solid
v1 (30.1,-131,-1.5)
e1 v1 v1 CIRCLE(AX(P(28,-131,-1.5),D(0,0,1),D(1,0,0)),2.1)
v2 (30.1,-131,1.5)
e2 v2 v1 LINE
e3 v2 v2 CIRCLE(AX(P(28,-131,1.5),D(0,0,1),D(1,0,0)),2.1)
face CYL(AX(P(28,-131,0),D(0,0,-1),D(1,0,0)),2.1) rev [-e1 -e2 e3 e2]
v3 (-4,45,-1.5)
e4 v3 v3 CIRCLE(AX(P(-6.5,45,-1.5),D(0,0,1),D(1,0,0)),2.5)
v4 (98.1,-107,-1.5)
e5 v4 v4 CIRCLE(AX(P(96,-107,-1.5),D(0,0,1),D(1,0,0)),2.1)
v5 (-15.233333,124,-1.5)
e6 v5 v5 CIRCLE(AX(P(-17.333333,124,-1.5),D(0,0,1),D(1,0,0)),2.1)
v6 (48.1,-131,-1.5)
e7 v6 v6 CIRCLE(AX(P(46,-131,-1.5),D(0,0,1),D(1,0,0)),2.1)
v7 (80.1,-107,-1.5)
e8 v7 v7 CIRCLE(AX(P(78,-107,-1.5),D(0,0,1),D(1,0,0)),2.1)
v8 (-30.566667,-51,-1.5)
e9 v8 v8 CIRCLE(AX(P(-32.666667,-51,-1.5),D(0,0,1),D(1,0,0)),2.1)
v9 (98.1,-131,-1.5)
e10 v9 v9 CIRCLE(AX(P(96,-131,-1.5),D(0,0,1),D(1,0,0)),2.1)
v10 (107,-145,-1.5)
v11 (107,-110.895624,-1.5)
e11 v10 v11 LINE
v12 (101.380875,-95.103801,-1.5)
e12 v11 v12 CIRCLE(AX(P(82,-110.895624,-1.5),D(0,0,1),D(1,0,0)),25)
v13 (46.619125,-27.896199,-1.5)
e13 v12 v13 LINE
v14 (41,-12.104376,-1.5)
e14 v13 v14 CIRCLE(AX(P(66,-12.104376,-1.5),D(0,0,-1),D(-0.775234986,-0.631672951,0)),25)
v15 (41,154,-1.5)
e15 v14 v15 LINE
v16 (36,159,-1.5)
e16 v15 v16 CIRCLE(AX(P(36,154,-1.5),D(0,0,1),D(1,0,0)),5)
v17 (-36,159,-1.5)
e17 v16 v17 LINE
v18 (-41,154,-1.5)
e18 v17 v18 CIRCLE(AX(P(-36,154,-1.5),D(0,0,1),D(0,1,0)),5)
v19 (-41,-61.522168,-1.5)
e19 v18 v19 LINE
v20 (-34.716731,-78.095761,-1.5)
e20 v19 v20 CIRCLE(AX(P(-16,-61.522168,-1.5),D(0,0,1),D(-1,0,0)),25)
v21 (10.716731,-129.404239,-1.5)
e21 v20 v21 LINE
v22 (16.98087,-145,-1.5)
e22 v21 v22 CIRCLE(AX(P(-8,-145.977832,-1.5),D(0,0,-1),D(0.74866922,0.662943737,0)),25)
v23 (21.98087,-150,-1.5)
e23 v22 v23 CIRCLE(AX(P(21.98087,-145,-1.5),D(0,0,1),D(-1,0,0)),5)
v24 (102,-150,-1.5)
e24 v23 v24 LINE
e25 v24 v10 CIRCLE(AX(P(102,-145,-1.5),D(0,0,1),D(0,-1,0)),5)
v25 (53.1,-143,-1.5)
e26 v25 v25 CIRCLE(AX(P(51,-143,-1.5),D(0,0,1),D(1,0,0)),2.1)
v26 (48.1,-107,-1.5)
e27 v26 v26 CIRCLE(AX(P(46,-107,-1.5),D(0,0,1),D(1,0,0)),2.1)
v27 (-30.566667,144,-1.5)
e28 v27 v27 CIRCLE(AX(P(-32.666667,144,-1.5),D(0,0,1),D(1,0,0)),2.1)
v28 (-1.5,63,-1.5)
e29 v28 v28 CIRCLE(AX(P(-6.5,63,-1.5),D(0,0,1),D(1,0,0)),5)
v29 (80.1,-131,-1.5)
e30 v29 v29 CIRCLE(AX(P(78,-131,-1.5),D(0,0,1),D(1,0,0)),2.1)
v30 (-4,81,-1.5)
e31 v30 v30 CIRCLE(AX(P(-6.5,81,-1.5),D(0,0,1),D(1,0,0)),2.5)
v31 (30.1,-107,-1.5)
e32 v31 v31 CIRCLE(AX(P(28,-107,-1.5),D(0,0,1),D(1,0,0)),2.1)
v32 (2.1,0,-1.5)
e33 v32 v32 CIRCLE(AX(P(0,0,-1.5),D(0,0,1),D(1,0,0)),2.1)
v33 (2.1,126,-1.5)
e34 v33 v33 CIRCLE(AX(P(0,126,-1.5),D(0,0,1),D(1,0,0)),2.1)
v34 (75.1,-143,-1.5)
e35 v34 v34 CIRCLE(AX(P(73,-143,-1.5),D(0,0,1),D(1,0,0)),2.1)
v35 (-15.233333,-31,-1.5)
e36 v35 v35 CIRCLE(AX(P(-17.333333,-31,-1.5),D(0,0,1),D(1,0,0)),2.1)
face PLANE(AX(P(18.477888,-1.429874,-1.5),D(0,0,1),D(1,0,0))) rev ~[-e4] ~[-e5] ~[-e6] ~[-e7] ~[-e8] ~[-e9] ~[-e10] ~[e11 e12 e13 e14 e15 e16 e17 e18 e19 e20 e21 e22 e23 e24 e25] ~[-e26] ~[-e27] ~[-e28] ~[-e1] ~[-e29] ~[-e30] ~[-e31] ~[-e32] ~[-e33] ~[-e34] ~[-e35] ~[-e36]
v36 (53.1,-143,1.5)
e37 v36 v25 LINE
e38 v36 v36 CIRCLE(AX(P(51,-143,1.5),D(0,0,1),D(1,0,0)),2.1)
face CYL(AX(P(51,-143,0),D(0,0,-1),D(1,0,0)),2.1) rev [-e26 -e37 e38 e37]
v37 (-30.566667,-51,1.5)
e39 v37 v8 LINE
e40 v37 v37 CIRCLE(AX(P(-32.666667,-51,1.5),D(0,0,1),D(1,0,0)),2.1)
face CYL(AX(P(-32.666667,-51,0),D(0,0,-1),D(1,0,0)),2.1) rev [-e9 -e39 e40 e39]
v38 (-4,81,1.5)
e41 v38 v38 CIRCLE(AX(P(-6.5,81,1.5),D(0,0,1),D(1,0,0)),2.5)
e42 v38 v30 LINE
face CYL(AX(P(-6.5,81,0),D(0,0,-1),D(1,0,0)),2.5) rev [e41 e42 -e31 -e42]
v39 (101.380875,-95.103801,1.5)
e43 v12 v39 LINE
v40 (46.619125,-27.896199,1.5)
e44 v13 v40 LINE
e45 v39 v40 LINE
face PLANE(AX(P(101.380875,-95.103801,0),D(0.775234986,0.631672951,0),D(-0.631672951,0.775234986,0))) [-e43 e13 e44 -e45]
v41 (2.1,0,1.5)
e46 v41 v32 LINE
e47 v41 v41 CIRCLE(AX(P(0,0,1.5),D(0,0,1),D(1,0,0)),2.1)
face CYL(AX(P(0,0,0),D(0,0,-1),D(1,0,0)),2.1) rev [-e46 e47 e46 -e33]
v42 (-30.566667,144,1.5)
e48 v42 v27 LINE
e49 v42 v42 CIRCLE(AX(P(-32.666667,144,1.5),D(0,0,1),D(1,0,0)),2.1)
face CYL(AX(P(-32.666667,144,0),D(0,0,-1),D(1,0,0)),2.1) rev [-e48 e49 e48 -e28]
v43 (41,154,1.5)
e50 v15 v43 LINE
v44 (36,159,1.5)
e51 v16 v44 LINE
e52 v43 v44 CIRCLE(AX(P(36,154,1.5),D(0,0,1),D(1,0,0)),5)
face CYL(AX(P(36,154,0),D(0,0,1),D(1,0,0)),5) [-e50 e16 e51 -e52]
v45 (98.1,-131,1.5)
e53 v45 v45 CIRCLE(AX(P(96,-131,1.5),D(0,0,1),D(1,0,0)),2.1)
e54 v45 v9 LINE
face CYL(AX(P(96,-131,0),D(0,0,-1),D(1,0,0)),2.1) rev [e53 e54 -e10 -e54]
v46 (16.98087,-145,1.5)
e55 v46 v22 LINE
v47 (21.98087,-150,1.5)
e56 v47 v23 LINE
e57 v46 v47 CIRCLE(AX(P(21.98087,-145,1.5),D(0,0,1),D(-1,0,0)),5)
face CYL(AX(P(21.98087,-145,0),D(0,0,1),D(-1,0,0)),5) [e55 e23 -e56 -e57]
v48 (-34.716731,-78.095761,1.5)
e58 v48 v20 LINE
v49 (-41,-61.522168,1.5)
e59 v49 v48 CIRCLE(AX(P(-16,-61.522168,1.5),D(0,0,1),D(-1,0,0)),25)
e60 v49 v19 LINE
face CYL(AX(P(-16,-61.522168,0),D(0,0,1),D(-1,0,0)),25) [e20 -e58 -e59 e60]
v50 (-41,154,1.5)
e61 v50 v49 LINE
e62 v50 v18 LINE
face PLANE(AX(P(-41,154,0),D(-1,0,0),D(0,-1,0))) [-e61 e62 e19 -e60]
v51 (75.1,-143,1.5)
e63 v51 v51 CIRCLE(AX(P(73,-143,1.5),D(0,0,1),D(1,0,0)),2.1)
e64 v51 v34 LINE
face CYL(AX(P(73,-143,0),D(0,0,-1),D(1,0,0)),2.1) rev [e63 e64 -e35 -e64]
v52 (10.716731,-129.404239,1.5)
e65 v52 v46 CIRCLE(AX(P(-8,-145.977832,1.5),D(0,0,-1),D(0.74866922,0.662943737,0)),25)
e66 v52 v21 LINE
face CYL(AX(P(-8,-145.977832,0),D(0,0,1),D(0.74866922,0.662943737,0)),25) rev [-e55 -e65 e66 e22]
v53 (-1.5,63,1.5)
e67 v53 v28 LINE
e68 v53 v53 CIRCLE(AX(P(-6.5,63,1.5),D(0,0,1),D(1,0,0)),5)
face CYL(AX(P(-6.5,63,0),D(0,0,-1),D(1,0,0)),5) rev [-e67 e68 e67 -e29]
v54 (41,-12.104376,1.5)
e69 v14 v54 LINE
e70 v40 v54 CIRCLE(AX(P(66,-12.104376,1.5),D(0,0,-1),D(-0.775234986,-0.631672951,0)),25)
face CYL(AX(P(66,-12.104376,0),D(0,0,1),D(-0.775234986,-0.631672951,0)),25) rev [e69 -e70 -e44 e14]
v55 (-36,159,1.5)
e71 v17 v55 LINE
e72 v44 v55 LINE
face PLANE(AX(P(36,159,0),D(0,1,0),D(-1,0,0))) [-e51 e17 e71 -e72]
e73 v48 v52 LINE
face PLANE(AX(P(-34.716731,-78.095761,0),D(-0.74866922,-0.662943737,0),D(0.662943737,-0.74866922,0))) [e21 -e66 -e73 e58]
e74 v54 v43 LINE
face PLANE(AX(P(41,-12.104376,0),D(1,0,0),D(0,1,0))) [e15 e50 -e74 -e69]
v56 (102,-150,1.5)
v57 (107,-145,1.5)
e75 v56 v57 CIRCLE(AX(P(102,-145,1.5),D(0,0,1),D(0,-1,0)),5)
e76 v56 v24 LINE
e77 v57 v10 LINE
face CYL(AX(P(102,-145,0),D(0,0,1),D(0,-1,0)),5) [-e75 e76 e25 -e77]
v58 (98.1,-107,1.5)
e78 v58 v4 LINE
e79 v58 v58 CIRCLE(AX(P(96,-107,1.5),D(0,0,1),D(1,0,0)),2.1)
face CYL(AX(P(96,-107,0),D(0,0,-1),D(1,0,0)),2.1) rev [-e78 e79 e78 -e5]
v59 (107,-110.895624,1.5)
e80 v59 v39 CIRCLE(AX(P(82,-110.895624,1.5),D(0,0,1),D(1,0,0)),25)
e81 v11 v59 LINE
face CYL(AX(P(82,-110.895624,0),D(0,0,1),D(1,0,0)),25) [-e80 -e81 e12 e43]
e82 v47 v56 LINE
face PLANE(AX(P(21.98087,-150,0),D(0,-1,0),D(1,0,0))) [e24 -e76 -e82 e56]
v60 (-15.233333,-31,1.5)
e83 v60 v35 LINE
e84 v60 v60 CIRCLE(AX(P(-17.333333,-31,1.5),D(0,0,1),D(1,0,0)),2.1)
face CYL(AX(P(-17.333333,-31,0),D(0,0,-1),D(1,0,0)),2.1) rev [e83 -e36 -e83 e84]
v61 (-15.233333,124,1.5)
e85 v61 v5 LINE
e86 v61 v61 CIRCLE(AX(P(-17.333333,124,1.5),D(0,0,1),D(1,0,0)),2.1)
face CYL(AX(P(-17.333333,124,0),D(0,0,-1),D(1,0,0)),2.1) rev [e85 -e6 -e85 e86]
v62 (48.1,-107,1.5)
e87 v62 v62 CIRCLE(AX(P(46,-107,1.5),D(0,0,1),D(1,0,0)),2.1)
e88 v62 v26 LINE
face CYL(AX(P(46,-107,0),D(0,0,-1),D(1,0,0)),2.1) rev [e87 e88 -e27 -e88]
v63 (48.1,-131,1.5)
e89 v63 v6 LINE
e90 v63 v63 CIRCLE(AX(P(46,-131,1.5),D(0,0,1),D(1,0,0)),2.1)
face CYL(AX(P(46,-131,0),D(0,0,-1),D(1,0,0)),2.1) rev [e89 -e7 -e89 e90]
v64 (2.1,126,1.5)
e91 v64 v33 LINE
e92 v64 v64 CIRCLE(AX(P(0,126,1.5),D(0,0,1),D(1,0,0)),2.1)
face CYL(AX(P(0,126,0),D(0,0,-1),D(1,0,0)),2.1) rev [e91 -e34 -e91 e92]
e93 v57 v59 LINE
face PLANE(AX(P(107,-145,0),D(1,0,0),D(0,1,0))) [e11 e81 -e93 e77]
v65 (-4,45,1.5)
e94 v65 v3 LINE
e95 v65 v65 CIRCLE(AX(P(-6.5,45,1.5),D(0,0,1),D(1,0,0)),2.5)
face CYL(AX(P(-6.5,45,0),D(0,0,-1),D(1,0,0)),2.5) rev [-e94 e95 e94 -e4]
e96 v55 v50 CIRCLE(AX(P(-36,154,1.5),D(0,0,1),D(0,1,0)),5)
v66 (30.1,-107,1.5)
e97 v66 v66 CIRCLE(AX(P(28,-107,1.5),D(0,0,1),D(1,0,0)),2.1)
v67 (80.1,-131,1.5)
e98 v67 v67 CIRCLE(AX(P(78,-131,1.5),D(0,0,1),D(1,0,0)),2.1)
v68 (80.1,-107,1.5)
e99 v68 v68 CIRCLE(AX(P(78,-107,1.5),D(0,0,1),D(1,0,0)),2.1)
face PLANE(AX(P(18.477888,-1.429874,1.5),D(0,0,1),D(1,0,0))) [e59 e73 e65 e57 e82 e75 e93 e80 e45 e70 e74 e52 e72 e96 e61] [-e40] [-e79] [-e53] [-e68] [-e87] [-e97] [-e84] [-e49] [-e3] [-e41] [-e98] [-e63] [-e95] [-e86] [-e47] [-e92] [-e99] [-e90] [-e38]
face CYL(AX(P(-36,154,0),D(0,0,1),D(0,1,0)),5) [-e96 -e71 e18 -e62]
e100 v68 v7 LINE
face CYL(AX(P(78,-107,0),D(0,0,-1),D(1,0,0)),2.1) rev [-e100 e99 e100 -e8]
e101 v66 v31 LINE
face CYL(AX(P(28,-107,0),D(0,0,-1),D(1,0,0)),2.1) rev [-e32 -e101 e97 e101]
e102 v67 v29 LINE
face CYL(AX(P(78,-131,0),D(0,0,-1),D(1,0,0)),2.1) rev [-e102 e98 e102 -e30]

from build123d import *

# Parameters (mm, degrees)
SKETCH1_R           = 2.1
SKETCH1_R_2         = 2.5
SKETCH1_R_3         = 5
BOSS_EXTRUDE1_DEPTH = 1.5


with BuildPart() as part:
    # Sketch1 → Boss-Extrude1 (new body, symmetric)
    with BuildSketch(Plane.XY):
        with BuildLine():
            Line((107, -145), (107, -110.895624471))
            ThreePointArc((107, -110.895624471), (105.553363517, -102.514749396), (101.380874638, -95.103800692))
            Line((101.380874638, -95.103800692), (46.619125362, -27.896199308))
            ThreePointArc((46.619125362, -27.896199308), (42.446636483, -20.485250604), (41, -12.104375529))
            Line((41, -12.104375529), (41, 154))
            ThreePointArc((41, 154), (39.535533906, 157.535533906), (36, 159))
            Line((36, 159), (-36, 159))
            ThreePointArc((-36, 159), (-39.535533906, 157.535533906), (-41, 154))
            Line((-41, 154), (-41, -61.522167809))
            ThreePointArc((-41, -61.522167809), (-39.376465331, -70.384496434), (-34.716730508, -78.095761236))
            Line((-34.716730508, -78.095761236), (10.716730508, -129.404238764))
            ThreePointArc((10.716730508, -129.404238764), (15.198642313, -136.659946441), (16.980869565, -145))
            ThreePointArc((16.980869565, -145), (18.445335659, -148.535533906), (21.980869565, -150))
            Line((21.980869565, -150), (102, -150))
            ThreePointArc((102, -150), (105.535533906, -148.535533906), (107, -145))
        make_face()
        with Locations((96, -107)):
            Circle(SKETCH1_R, mode=Mode.SUBTRACT)
        with Locations((96, -131)):
            Circle(SKETCH1_R, mode=Mode.SUBTRACT)
        with Locations((78, -107)):
            Circle(SKETCH1_R, mode=Mode.SUBTRACT)
        with Locations((78, -131)):
            Circle(SKETCH1_R, mode=Mode.SUBTRACT)
        with Locations((46, -107)):
            Circle(SKETCH1_R, mode=Mode.SUBTRACT)
        with Locations((46, -131)):
            Circle(SKETCH1_R, mode=Mode.SUBTRACT)
        with Locations((28, -107)):
            Circle(SKETCH1_R, mode=Mode.SUBTRACT)
        with Locations((28, -131)):
            Circle(SKETCH1_R, mode=Mode.SUBTRACT)
        with Locations((-6.5, 81)):
            Circle(SKETCH1_R_2, mode=Mode.SUBTRACT)
        with Locations((-6.5, 45)):
            Circle(SKETCH1_R_2, mode=Mode.SUBTRACT)
        with Locations((-6.5, 63)):
            Circle(SKETCH1_R_3, mode=Mode.SUBTRACT)
        with Locations((51, -143)):
            Circle(SKETCH1_R, mode=Mode.SUBTRACT)
        with Locations((73, -143)):
            Circle(SKETCH1_R, mode=Mode.SUBTRACT)
        with Locations((0, 126)):
            Circle(SKETCH1_R, mode=Mode.SUBTRACT)
        Circle(SKETCH1_R, mode=Mode.SUBTRACT)
        with Locations((-32.666666667, 144)):
            Circle(SKETCH1_R, mode=Mode.SUBTRACT)
        with Locations((-17.333333333, 124)):
            Circle(SKETCH1_R, mode=Mode.SUBTRACT)
        with Locations((-17.333333333, -31)):
            Circle(SKETCH1_R, mode=Mode.SUBTRACT)
        with Locations((-32.666666667, -51)):
            Circle(SKETCH1_R, mode=Mode.SUBTRACT)
    extrude(amount=BOSS_EXTRUDE1_DEPTH, both=True)


solid = part.part
